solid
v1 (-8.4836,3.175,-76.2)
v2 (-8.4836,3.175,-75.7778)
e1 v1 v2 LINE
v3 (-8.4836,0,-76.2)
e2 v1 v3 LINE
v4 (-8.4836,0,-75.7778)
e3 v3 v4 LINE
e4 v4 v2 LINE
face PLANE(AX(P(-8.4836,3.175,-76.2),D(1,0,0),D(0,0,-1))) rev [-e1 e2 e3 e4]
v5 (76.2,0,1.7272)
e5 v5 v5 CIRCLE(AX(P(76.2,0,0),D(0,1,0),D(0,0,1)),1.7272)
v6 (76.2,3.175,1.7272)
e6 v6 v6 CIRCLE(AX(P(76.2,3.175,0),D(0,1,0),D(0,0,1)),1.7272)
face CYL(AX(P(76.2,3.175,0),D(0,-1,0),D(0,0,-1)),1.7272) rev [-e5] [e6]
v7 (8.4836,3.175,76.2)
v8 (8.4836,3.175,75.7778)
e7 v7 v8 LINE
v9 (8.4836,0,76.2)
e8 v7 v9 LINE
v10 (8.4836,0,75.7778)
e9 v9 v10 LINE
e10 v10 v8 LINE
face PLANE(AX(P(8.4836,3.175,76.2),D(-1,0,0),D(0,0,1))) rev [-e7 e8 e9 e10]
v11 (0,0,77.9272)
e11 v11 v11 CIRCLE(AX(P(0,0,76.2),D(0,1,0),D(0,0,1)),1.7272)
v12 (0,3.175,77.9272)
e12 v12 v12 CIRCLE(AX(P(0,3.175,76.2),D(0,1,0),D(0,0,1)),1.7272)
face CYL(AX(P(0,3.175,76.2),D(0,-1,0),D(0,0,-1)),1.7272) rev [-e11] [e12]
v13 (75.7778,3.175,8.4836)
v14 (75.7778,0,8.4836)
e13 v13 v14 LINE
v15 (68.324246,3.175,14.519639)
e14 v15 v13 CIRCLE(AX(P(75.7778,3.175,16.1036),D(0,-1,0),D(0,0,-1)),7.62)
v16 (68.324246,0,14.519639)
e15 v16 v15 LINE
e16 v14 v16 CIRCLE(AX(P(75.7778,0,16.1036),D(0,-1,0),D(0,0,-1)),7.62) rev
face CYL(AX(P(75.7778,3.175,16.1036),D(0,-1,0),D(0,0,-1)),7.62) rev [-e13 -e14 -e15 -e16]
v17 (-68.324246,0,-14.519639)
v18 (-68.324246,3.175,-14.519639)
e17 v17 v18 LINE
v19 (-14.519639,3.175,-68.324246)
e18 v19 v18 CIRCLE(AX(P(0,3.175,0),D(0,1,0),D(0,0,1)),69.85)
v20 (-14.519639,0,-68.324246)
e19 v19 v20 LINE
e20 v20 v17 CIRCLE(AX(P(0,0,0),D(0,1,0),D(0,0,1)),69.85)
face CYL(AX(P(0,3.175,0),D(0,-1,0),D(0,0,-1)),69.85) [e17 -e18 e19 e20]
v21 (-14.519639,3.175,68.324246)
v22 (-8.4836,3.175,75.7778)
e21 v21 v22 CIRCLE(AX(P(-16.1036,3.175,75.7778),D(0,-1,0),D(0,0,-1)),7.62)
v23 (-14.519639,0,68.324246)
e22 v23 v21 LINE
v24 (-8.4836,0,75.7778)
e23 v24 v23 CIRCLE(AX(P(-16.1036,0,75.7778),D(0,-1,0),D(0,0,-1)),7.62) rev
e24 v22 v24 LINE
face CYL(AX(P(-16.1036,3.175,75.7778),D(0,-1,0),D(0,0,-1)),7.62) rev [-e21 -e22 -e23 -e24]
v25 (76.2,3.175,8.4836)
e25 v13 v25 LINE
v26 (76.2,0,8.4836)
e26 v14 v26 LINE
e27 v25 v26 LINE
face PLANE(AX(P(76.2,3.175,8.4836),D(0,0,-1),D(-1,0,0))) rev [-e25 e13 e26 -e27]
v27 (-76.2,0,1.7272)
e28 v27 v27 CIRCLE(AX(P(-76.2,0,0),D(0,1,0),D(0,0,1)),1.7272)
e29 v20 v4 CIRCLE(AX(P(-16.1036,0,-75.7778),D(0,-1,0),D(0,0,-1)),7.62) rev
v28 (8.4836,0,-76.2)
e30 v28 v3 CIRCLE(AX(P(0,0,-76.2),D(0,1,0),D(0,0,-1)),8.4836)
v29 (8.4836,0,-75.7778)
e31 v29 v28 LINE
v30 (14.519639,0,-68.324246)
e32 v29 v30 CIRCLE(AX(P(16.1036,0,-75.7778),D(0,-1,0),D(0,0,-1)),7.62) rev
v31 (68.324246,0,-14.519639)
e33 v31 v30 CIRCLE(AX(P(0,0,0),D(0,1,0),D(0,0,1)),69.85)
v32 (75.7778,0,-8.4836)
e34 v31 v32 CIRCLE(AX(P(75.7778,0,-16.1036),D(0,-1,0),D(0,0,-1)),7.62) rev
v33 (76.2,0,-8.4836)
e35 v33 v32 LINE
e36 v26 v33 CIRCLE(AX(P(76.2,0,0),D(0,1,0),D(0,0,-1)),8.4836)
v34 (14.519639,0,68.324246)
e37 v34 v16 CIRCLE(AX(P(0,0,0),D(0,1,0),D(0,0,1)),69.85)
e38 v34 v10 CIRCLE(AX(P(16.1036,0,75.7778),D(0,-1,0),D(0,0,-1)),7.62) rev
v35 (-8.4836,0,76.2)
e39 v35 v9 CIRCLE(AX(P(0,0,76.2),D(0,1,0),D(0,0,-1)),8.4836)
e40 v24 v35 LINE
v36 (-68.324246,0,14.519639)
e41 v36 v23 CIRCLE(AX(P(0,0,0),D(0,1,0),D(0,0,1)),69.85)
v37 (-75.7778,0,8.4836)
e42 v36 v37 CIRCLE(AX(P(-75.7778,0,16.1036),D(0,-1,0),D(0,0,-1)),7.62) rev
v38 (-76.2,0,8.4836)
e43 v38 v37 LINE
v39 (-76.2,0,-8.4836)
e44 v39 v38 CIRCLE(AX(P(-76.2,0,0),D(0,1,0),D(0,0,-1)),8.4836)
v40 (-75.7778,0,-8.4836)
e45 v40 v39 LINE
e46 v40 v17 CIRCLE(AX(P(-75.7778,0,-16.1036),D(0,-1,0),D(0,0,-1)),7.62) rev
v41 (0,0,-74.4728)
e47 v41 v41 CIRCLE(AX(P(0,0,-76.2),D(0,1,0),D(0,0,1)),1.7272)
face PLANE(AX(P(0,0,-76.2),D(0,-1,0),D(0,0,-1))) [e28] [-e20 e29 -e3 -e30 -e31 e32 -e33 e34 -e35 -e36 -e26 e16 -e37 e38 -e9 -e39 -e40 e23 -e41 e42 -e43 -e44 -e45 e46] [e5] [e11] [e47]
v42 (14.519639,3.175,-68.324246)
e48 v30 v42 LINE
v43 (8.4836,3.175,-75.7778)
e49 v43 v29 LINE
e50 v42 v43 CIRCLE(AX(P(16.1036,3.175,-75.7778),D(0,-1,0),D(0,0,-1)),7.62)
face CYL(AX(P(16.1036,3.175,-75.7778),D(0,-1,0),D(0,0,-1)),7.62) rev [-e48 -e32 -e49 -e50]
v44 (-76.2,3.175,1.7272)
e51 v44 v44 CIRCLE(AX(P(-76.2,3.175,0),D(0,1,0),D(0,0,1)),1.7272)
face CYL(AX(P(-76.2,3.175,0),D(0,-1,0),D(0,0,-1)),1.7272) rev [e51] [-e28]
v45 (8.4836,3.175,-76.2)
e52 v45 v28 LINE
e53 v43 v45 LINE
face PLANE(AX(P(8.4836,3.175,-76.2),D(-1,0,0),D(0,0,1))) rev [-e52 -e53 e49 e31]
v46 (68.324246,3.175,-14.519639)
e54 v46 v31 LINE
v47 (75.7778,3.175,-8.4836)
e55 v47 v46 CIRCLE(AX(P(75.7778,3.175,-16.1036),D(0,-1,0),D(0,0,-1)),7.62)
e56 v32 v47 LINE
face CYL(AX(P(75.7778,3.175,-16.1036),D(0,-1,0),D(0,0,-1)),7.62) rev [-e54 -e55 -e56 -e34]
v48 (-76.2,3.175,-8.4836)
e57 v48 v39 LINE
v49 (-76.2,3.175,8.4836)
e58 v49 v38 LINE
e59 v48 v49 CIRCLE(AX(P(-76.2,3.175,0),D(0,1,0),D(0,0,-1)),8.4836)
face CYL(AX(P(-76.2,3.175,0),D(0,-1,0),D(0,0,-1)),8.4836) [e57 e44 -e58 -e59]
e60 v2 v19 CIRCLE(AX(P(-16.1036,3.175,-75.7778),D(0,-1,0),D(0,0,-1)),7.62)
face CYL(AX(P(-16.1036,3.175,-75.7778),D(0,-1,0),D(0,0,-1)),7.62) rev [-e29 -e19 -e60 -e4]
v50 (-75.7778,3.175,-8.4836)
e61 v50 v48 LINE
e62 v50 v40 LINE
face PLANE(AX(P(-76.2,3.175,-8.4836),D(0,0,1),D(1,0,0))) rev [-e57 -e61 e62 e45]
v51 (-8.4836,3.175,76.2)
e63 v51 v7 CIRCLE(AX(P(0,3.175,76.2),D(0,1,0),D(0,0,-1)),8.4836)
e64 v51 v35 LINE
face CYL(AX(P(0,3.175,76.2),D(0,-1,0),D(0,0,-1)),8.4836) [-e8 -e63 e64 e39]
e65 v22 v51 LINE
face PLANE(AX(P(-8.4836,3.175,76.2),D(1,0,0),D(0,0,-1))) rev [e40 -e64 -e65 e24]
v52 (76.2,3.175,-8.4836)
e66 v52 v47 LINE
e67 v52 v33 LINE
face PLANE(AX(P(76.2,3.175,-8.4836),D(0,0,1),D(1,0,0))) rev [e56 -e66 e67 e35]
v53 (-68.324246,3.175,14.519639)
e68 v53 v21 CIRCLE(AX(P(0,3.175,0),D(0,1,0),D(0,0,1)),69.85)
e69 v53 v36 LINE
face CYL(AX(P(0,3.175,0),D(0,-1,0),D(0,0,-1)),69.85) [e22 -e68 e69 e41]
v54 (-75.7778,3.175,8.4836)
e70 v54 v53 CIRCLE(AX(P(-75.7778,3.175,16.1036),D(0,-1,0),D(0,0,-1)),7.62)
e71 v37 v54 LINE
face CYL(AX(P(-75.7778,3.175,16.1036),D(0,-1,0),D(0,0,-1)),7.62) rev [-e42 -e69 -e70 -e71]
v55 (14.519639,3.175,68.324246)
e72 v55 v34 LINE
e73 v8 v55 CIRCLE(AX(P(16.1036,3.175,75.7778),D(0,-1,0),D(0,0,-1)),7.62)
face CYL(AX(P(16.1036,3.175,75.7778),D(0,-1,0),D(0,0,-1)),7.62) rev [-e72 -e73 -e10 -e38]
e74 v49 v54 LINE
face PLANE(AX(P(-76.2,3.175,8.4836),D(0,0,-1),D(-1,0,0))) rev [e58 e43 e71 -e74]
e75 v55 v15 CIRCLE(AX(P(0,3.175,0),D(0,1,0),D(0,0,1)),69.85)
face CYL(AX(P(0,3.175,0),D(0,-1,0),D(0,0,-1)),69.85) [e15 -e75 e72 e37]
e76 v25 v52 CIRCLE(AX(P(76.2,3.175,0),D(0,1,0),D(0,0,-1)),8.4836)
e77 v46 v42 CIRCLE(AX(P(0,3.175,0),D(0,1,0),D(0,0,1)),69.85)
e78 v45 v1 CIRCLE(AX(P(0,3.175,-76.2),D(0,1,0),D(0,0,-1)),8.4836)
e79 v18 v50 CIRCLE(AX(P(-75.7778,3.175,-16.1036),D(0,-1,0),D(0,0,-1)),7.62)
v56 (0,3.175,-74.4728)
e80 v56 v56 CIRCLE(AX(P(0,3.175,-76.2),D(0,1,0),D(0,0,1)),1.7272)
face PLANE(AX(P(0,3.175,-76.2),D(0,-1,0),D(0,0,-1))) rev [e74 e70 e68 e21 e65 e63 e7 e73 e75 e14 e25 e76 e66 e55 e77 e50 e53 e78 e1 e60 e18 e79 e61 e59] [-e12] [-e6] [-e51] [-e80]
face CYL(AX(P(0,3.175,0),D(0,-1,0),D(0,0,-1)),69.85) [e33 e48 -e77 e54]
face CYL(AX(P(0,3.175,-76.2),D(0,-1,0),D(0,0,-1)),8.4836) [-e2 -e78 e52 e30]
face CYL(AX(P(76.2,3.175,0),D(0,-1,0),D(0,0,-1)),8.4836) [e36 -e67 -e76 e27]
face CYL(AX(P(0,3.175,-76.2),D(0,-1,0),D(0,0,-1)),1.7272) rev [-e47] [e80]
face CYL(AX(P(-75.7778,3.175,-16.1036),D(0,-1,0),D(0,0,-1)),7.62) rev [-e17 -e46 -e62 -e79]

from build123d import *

# Parameters (mm, degrees)
SKETCH1_R           = 1.7272
BOSS_EXTRUDE1_DEPTH = 3.175
FILLET2_R           = 7.62


with BuildPart() as part:
    # Sketch1 → Boss-Extrude1 (new body)
    with BuildSketch(Plane(origin=(0, 0, 0), x_dir=(1, 0, 0), z_dir=(0, 1, 0))):
        with BuildLine():
            Line((-8.4836, 76.2), (-8.4836, 69.332900062))
            ThreePointArc((-8.4836, 69.332900062), (-49.391408666, 49.391408666), (-69.332900062, 8.4836))
            Line((-69.332900062, 8.4836), (-76.2, 8.4836))
            ThreePointArc((-76.2, 8.4836), (-84.6836, 0), (-76.2, -8.4836))
            Line((-76.2, -8.4836), (-69.332900062, -8.4836))
            ThreePointArc((-69.332900062, -8.4836), (-49.391408666, -49.391408666), (-8.4836, -69.332900062))
            Line((-8.4836, -69.332900062), (-8.4836, -76.2))
            ThreePointArc((-8.4836, -76.2), (0, -84.6836), (8.4836, -76.2))
            Line((8.4836, -76.2), (8.4836, -69.332900062))
            ThreePointArc((8.4836, -69.332900062), (49.391408666, -49.391408666), (69.332900062, -8.4836))
            Line((69.332900062, -8.4836), (76.2, -8.4836))
            ThreePointArc((76.2, -8.4836), (84.6836, 0), (76.2, 8.4836))
            Line((76.2, 8.4836), (69.332900062, 8.4836))
            ThreePointArc((69.332900062, 8.4836), (49.391408666, 49.391408666), (8.4836, 69.332900062))
            Line((8.4836, 69.332900062), (8.4836, 76.2))
            ThreePointArc((8.4836, 76.2), (0, 84.6836), (-8.4836, 76.2))
        make_face()
        with Locations(Location((0, 76.2, 0), (0, 0, 270))):
            Circle(SKETCH1_R, mode=Mode.SUBTRACT)
        with Locations(Location((76.2, 0, 0), (0, 0, 270))):
            Circle(SKETCH1_R, mode=Mode.SUBTRACT)
        with Locations(Location((0, -76.2, 0), (0, 0, 270))):
            Circle(SKETCH1_R, mode=Mode.SUBTRACT)
        with Locations(Location((-76.2, 0, 0), (0, 0, 270))):
            Circle(SKETCH1_R, mode=Mode.SUBTRACT)
    extrude(amount=BOSS_EXTRUDE1_DEPTH)

    # Fillet2
    fillet2_edges = [part.edges().sort_by_distance(p)[0] for p in [
        (8.4836, 1.5875, -69.332900062),
        (69.332900062, 1.5875, -8.4836),
        (69.332900062, 1.5875, 8.4836),
        (8.4836, 1.5875, 69.332900062),
        (-8.4836, 1.5875, 69.332900062),
        (-69.332900062, 1.5875, 8.4836),
        (-69.332900062, 1.5875, -8.4836),
        (-8.4836, 1.5875, -69.332900062),
    ]]
    fillet(fillet2_edges, radius=FILLET2_R)


solid = part.part
